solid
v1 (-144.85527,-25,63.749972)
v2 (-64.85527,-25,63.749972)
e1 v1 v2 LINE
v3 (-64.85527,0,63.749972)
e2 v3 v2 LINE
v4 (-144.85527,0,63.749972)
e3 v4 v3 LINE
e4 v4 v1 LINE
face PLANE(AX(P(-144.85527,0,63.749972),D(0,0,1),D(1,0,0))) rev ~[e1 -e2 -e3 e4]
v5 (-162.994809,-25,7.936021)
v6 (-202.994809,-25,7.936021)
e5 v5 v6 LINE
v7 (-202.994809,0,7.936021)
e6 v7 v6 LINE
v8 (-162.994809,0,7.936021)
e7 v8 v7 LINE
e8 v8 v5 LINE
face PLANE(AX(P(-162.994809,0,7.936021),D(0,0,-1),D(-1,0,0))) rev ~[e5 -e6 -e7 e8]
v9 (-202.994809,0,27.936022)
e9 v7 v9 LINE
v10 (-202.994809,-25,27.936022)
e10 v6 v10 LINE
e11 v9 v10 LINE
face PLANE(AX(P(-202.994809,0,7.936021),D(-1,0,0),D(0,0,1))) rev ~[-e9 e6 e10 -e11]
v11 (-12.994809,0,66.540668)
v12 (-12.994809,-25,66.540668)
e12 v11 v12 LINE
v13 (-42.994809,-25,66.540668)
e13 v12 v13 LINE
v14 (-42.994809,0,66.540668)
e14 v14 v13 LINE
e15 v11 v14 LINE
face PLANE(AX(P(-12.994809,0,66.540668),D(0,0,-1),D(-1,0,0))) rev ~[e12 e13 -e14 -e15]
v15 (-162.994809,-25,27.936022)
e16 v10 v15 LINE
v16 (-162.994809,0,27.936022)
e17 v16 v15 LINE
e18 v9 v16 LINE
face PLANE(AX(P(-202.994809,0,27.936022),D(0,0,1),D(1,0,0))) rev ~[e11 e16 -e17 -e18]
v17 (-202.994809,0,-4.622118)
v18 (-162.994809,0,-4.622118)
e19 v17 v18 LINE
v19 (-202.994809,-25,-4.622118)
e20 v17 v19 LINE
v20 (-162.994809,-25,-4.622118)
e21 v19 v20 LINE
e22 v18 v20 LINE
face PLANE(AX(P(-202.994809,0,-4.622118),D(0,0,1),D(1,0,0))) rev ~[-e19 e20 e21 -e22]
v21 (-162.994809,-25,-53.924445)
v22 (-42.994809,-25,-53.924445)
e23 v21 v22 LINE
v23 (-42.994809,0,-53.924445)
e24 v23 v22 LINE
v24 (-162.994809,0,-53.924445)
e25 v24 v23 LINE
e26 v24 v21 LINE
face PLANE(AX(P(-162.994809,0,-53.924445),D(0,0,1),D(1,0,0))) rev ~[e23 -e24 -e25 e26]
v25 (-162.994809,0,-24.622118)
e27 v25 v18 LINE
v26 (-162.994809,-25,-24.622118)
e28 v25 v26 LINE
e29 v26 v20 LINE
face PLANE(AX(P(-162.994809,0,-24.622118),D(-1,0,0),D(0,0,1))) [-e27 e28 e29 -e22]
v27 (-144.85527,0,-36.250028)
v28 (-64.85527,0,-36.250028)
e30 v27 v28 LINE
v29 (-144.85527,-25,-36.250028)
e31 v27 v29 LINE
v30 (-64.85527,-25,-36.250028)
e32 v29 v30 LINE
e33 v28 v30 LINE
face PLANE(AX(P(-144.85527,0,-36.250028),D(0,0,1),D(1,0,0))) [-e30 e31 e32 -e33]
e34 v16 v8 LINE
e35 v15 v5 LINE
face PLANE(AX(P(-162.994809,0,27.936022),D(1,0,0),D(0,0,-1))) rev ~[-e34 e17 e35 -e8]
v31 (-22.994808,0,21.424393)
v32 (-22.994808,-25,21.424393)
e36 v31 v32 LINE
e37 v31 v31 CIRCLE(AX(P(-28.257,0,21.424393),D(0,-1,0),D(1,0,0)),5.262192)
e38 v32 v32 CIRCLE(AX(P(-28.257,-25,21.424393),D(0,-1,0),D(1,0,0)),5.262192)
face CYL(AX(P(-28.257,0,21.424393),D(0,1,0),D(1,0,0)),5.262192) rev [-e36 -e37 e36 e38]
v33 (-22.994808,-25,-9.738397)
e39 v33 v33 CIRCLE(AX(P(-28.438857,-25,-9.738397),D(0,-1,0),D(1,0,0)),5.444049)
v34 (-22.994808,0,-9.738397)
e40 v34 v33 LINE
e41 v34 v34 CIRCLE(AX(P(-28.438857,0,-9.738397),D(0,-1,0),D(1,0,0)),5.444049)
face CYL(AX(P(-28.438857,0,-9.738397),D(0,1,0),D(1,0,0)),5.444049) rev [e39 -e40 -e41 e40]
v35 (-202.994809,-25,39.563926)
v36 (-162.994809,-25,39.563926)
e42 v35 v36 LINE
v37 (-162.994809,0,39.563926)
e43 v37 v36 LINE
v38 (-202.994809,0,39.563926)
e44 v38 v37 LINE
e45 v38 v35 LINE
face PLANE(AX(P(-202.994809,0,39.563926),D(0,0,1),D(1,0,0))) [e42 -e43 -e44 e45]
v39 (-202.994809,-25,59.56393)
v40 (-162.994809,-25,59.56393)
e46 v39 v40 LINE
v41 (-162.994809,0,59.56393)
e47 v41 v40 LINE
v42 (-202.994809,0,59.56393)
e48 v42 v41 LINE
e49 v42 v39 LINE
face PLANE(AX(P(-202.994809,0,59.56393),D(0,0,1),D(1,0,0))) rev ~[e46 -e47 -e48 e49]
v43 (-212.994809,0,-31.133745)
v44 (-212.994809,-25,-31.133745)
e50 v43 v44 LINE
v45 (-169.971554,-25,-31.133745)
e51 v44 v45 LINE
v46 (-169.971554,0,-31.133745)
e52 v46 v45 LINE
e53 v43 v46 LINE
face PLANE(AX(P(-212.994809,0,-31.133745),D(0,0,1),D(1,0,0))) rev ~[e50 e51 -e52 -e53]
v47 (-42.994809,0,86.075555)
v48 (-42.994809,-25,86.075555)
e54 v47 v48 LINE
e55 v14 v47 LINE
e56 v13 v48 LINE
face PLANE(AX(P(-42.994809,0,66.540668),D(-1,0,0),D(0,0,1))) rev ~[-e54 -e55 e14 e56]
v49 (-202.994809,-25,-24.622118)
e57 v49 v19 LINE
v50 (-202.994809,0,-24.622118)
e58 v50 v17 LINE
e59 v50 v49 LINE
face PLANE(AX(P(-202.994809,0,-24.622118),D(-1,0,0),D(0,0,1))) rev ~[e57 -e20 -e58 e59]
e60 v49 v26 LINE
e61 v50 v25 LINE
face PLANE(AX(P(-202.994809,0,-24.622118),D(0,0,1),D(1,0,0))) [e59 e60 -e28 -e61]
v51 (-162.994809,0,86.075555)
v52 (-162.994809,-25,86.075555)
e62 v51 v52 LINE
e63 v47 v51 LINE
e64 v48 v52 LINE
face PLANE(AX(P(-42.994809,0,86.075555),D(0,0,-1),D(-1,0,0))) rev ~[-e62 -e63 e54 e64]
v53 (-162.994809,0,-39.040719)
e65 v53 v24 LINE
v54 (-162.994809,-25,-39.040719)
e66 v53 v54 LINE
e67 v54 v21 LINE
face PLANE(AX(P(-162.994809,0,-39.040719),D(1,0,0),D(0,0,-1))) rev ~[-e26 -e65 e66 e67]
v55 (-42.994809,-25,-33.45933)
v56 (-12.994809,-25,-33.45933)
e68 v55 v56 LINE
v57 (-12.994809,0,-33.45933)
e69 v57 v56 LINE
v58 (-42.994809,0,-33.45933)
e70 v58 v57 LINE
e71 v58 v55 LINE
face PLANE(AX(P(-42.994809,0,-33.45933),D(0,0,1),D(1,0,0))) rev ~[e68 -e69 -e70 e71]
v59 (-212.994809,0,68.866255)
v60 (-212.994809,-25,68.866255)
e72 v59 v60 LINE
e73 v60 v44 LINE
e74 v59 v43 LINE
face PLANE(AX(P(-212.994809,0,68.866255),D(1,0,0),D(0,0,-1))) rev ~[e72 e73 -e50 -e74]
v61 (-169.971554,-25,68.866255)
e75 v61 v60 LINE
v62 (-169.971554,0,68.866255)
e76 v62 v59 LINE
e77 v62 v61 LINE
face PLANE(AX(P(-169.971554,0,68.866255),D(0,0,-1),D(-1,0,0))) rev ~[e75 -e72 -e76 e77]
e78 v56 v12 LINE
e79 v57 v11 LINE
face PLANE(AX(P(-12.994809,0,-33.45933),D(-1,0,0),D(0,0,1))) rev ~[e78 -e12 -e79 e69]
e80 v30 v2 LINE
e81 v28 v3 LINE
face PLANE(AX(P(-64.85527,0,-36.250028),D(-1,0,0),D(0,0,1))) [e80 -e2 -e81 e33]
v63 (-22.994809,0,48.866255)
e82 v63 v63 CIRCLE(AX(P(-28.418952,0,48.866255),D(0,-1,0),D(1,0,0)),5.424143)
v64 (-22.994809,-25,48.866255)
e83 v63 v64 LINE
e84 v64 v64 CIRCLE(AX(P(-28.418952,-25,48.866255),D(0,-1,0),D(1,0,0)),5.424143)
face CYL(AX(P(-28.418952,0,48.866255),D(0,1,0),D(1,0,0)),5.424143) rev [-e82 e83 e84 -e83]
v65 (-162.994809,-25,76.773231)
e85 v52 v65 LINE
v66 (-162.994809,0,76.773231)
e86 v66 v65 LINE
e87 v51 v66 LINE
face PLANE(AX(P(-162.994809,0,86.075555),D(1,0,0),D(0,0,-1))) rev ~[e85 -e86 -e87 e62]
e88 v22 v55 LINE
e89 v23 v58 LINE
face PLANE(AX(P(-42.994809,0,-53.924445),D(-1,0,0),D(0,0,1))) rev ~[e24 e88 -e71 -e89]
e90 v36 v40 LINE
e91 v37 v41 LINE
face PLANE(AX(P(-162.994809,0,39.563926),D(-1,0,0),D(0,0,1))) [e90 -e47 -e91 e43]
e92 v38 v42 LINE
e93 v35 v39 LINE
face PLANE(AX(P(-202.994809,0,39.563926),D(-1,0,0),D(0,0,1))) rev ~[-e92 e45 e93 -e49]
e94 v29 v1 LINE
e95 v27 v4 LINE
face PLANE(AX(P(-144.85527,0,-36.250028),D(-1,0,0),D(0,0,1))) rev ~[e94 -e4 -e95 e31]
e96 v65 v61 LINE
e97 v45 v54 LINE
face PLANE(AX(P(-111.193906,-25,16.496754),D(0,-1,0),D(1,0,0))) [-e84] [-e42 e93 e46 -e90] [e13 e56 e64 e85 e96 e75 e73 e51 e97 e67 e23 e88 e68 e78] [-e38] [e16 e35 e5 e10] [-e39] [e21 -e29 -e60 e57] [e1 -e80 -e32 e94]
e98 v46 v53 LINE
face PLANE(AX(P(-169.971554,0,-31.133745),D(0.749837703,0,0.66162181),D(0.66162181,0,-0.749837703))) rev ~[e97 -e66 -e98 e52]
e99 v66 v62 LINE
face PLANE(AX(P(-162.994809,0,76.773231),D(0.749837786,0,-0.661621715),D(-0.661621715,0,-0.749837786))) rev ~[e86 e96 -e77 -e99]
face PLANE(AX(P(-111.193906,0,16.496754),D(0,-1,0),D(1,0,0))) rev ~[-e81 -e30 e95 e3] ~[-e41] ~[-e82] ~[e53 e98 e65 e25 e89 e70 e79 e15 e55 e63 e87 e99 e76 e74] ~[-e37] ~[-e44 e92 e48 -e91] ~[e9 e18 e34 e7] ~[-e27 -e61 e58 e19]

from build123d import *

# Parameters (mm, degrees)
F0_W     = 40
F0_H     = 20
F0_W_2   = 80
F0_H_2   = 100
F0_R     = 5.444049
F0_H_3   = 20.000004
F0_R_2   = 5.262192
F0_R_3   = 5.424143
F1_DEPTH = 25


with BuildPart() as f1:
    # F0 (on Front) → F1 (new body)
    with BuildSketch(Plane.XZ):
        Polygon((-162.994809, -39.040719), (-162.994809, -53.924445), (-42.994809, -53.924445), (-42.994809, -33.45933), (-12.994809, -33.45933), (-12.994809, 66.540668), (-42.994809, 66.540668), (-42.994809, 86.075555), (-162.994809, 86.075555), (-162.994809, 76.773231), (-169.971554, 68.866255), (-212.994809, 68.866255), (-212.994809, -31.133745), (-169.971554, -31.133745), align=None)
        with Locations((-182.994809, -14.622118)):
            Rectangle(F0_W, F0_H, mode=Mode.SUBTRACT)
        with Locations((-104.85527, 13.749972)):
            Rectangle(F0_W_2, F0_H_2, mode=Mode.SUBTRACT)
        with Locations((-28.438857, -9.738397)):
            Circle(F0_R, mode=Mode.SUBTRACT)
        Polygon((-202.994809, 7.936021), (-202.994809, 27.936022), (-175.087825, 27.936022), (-162.994809, 27.936022), (-162.994809, 7.936021), (-175.087825, 7.936021), align=None, mode=Mode.SUBTRACT)
        with Locations((-182.994809, 49.563928)):
            Rectangle(F0_W, F0_H_3, mode=Mode.SUBTRACT)
        with Locations((-28.257, 21.424393)):
            Circle(F0_R_2, mode=Mode.SUBTRACT)
        with Locations((-28.418952, 48.866255)):
            Circle(F0_R_3, mode=Mode.SUBTRACT)
    extrude(amount=F1_DEPTH)


solid = f1.part
